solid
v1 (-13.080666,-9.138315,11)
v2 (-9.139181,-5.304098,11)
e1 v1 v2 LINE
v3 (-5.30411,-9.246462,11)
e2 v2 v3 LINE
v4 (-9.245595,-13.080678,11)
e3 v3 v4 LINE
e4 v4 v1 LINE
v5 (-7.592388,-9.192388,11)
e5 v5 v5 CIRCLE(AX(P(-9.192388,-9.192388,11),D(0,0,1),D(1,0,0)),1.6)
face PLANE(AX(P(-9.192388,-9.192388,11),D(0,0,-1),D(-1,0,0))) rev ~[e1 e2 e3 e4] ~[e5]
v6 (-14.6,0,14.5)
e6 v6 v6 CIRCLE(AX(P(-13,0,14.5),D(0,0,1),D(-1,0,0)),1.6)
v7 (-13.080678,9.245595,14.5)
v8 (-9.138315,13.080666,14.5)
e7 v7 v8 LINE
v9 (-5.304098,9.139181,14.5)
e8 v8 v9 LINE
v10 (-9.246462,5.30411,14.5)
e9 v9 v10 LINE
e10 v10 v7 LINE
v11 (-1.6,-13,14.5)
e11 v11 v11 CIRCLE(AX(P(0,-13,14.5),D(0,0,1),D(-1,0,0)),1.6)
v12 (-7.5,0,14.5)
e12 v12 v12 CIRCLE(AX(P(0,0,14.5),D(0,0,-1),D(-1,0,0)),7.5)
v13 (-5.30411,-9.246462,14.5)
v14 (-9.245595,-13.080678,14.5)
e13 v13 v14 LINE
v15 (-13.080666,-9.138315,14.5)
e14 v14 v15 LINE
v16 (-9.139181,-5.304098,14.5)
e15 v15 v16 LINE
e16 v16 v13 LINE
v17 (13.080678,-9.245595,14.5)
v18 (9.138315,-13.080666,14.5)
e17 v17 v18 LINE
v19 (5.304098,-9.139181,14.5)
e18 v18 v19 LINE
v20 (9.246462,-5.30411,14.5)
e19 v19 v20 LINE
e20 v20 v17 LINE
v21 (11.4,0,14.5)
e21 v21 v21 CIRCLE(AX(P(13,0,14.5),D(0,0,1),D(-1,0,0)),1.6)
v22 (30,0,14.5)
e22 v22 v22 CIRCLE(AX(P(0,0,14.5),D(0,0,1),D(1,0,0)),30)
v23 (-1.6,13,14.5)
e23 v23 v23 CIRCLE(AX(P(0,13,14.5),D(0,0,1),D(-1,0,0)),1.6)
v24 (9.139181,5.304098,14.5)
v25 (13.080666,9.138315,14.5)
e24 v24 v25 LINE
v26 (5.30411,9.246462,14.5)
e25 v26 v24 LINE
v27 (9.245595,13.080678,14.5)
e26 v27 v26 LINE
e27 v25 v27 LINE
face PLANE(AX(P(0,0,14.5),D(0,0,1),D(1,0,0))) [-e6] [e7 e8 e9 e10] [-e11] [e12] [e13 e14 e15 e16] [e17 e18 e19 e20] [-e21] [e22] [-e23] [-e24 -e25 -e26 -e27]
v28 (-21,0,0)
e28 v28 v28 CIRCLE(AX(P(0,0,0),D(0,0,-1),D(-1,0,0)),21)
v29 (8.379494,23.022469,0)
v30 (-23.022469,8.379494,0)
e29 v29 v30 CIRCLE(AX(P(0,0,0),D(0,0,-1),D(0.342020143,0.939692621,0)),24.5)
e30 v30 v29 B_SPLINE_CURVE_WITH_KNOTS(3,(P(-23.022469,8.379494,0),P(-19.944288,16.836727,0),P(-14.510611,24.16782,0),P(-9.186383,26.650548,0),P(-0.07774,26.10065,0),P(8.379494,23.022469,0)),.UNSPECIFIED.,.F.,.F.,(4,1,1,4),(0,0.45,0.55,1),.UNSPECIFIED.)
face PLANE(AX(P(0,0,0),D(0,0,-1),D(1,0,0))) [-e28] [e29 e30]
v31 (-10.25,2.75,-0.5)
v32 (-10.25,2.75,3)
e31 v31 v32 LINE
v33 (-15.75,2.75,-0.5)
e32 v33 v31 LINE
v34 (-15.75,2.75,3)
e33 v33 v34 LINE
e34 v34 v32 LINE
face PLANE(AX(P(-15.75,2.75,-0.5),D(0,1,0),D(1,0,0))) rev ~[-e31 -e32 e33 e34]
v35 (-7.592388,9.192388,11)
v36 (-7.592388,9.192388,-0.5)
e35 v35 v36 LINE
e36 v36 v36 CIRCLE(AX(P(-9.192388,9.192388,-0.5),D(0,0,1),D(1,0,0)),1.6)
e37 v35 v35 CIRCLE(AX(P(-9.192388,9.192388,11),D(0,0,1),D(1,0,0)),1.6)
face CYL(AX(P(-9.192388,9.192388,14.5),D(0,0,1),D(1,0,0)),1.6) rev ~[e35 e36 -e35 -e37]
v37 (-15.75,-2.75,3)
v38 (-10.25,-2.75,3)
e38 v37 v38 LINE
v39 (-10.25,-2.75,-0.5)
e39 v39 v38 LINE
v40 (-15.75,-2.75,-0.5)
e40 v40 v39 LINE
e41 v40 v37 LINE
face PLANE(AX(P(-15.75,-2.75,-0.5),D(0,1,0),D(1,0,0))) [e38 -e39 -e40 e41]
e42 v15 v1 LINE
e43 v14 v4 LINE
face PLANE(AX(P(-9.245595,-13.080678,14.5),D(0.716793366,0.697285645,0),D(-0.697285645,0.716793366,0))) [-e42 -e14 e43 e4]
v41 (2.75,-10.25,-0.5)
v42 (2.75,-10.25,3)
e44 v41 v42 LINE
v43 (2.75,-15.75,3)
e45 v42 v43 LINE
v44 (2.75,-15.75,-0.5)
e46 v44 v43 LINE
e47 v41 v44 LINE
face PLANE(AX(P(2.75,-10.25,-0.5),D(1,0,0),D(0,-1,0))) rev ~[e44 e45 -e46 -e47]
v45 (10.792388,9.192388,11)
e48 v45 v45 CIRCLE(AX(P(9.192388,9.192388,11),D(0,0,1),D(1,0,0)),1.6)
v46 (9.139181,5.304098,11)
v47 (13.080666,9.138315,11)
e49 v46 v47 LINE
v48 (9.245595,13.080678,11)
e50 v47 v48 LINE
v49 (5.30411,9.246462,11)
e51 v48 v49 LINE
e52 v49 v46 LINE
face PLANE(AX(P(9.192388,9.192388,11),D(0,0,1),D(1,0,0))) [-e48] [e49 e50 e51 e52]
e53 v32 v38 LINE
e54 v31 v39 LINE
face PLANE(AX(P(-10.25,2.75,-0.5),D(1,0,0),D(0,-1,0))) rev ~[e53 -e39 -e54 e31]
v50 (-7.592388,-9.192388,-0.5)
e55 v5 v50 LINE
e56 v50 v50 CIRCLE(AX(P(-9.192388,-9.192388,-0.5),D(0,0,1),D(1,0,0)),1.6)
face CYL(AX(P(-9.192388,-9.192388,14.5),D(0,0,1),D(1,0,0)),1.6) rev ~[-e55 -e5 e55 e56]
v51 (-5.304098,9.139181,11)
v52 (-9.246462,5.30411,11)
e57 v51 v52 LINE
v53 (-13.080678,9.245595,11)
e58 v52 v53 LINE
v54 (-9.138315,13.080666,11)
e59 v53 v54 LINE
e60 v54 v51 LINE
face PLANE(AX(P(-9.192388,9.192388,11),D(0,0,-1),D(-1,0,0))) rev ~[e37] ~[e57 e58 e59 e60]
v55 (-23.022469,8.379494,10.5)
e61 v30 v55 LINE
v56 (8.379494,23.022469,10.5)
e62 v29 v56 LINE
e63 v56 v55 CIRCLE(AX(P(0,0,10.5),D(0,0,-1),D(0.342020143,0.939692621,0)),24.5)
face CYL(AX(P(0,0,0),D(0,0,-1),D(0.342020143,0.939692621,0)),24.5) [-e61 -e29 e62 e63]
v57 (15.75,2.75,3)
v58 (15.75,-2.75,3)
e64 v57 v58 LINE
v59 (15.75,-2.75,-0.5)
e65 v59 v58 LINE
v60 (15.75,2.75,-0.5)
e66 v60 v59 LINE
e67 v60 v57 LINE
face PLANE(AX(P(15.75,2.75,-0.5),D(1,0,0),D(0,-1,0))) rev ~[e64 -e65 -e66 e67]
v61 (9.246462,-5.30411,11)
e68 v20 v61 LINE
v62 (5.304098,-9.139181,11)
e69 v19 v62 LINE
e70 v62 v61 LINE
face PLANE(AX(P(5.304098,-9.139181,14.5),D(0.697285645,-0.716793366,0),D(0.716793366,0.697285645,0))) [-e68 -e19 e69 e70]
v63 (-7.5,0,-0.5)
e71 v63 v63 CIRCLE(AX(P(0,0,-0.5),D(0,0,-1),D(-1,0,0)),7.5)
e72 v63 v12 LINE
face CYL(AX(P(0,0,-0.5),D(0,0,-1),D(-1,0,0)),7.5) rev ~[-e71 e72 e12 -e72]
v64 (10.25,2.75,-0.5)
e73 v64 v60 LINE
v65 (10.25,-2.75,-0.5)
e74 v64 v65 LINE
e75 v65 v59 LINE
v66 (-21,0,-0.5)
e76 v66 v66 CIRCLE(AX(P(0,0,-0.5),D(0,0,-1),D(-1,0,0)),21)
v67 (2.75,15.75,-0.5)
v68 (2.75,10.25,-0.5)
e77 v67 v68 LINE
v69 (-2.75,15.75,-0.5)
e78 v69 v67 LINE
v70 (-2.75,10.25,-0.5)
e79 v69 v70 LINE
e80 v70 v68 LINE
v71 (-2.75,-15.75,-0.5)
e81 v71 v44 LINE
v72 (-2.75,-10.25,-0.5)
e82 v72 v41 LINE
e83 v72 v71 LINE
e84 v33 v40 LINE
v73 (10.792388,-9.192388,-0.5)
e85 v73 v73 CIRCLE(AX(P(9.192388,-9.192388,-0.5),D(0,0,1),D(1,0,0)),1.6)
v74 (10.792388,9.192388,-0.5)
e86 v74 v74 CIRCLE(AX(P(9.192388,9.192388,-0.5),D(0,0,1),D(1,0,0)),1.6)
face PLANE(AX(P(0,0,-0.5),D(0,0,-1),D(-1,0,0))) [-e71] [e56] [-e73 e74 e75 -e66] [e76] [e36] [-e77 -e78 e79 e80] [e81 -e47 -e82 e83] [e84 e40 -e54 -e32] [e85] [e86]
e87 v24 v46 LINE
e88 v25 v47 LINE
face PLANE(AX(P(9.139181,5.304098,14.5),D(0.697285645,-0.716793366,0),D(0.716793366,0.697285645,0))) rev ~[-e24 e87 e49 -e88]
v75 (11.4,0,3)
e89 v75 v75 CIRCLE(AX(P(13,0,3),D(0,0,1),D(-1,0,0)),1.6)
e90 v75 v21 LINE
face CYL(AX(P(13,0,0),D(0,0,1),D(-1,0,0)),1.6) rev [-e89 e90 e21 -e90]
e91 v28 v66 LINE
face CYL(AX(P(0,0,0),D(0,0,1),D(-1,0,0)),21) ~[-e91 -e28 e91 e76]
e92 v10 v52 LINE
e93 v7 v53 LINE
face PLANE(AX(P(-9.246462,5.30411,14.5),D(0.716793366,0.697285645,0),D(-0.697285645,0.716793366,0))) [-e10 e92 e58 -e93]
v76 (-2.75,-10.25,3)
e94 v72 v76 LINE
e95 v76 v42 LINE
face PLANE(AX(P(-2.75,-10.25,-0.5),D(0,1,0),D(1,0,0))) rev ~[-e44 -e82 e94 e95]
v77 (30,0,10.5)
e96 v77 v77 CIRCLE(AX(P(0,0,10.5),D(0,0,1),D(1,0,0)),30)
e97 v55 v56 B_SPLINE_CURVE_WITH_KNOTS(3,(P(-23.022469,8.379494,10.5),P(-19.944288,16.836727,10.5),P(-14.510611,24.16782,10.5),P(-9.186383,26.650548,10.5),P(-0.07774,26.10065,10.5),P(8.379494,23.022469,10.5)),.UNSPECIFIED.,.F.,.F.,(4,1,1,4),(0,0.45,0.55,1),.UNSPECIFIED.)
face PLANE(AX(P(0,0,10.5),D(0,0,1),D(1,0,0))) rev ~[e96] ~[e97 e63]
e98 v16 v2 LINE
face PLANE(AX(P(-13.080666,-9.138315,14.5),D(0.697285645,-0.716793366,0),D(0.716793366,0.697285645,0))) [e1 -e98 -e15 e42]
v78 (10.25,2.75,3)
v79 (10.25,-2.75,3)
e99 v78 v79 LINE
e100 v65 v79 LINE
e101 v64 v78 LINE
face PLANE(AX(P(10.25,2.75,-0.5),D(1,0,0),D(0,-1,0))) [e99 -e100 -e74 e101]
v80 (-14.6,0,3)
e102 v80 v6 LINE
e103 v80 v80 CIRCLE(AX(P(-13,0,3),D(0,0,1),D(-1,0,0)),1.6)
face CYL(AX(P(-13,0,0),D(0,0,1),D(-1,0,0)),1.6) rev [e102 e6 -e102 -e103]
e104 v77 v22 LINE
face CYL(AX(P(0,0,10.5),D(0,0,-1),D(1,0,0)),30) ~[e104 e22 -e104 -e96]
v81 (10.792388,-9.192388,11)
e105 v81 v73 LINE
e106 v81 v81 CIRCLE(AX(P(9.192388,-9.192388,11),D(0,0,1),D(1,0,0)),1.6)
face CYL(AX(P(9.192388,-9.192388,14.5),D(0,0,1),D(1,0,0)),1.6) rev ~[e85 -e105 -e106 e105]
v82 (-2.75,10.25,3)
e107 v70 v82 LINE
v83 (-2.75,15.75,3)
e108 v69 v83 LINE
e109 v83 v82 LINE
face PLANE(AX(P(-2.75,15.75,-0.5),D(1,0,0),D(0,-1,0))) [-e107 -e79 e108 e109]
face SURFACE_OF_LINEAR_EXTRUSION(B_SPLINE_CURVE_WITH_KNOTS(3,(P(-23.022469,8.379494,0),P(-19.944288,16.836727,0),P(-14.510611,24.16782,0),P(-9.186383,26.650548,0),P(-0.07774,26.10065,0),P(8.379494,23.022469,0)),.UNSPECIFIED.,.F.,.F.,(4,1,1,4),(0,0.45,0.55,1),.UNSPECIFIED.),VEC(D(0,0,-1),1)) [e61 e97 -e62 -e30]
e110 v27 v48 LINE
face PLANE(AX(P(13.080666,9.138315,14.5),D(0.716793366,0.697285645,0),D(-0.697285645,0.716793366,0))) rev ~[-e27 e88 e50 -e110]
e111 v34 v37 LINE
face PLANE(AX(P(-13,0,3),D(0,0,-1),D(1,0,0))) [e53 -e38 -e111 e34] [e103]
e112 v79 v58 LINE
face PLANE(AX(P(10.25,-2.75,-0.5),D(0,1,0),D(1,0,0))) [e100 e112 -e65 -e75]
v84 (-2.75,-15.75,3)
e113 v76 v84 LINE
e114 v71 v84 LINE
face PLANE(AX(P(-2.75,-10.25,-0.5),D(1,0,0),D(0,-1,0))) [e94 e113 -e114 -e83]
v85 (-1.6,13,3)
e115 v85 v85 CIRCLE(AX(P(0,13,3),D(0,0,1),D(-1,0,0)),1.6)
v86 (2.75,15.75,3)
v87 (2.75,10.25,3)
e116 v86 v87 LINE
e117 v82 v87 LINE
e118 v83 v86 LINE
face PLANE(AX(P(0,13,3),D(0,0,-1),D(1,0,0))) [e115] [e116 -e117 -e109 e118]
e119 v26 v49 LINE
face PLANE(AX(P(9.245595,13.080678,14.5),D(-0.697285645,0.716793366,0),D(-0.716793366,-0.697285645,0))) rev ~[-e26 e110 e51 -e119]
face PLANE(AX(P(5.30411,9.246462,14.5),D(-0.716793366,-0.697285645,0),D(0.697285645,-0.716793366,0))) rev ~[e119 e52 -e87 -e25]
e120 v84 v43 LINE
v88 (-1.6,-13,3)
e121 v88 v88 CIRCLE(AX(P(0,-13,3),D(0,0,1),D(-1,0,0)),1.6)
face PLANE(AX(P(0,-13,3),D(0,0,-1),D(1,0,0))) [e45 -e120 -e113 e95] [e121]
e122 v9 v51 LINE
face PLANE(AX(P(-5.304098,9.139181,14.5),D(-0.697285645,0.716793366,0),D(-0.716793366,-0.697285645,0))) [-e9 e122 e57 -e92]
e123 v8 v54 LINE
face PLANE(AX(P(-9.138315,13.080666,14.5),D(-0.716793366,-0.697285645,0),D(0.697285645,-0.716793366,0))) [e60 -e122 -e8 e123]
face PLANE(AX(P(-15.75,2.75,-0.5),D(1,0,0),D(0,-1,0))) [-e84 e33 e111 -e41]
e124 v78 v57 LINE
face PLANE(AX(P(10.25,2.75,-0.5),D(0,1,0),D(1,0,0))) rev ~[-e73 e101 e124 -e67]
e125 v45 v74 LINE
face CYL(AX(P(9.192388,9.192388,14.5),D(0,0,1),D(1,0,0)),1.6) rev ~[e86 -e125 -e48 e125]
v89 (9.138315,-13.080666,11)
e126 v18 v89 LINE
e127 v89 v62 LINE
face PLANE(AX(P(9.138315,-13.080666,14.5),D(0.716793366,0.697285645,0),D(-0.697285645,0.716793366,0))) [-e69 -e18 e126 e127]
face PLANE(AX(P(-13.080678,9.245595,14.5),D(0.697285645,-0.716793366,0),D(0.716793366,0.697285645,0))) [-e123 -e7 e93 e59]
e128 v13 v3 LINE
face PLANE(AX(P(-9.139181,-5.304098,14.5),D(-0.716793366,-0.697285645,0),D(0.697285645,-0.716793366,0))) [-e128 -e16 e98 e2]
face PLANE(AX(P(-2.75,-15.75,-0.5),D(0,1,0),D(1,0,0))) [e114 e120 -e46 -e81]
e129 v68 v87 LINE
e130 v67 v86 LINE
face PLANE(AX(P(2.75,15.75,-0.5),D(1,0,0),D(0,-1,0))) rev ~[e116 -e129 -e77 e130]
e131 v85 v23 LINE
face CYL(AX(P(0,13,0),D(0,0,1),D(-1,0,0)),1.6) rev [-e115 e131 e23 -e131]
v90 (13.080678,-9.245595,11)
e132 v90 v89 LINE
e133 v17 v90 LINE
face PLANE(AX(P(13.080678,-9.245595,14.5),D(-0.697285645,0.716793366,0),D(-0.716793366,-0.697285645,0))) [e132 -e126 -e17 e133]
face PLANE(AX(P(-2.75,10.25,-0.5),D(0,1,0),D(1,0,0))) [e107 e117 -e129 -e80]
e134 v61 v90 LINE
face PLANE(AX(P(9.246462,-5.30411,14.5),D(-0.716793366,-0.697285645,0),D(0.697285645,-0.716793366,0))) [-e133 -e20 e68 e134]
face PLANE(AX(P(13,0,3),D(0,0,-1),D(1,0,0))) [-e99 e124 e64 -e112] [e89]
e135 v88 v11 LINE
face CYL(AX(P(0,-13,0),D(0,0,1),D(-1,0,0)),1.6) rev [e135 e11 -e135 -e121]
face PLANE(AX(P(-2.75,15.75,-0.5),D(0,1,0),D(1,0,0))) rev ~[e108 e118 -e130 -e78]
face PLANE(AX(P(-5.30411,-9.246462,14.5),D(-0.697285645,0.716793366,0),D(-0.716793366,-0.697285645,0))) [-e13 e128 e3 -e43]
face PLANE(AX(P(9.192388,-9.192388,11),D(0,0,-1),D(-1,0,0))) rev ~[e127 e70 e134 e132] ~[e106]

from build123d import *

# Parameters (mm, degrees)
SKETCH1_R           = 21
SKETCH1_R_2         = 2.85
SKETCH1_R_3         = 1.6
BOSS_EXTRUDE1_DEPTH = 10.5
SKETCH2_R           = 24.5
SKETCH2_R_2         = 21
BOSS_EXTRUDE3_DEPTH = 10.5
SKETCH4_R           = 30
SKETCH4_R_2         = 1.6
BOSS_EXTRUDE5_DEPTH = 4
SKETCH3_R           = 21
SKETCH3_R_2         = 1.6
BOSS_EXTRUDE4_DEPTH = 0.5
SKETCH6_W           = 5.5
SKETCH6_H           = 5.5
CUT_EXTRUDE2_DEPTH  = 3.5
SKETCH7_R           = 1.6
CUT_EXTRUDE3_DEPTH  = 46.000000133
SKETCH7_3_R         = 1.6
CUT_EXTRUDE4_DEPTH  = 3.5
SKETCH8_R           = 7.5
CUT_EXTRUDE5_DEPTH  = 46.000000133


with BuildPart() as part:
    # Sketch1 → Boss-Extrude1 (new body)
    with BuildSketch(Plane(origin=(0, 0, 0), x_dir=(0, 1, 0), z_dir=(0, 0, 1))):
        with Locations(Location((0, 0, 0), (0, 0, 90))):
            Circle(SKETCH1_R)
        with Locations((-13, 0)):
            Circle(SKETCH1_R_2, mode=Mode.SUBTRACT)
        with Locations((0, -13)):
            Circle(SKETCH1_R_2, mode=Mode.SUBTRACT)
        with Locations((13, 0)):
            Circle(SKETCH1_R_2, mode=Mode.SUBTRACT)
        with Locations((0, 13)):
            Circle(SKETCH1_R_2, mode=Mode.SUBTRACT)
        with Locations((-13, 0)):
            Circle(SKETCH1_R_2)
        with Locations(Location((-13, 0, 0), (0, 0, 90))):
            Circle(SKETCH1_R_3, mode=Mode.SUBTRACT)
        with Locations((0, 13)):
            Circle(SKETCH1_R_2)
        with Locations(Location((0, 13, 0), (0, 0, 90))):
            Circle(SKETCH1_R_3, mode=Mode.SUBTRACT)
        with Locations((13, 0)):
            Circle(SKETCH1_R_2)
        with Locations(Location((13, 0, 0), (0, 0, 90))):
            Circle(SKETCH1_R_3, mode=Mode.SUBTRACT)
        with Locations((0, -13)):
            Circle(SKETCH1_R_2)
        with Locations(Location((0, -13, 0), (0, 0, 90))):
            Circle(SKETCH1_R_3, mode=Mode.SUBTRACT)
    extrude(amount=BOSS_EXTRUDE1_DEPTH)

    # Sketch2 → Boss-Extrude3 (add)
    with BuildSketch(Plane(origin=(0, 0, 0), x_dir=(1, 0, 0), z_dir=(0, 0, -1))):
        Circle(SKETCH2_R)
        Circle(SKETCH2_R_2, mode=Mode.SUBTRACT)
        with BuildLine():
            ThreePointArc((8.379493511, -23.022469209), (-10.354147413, -22.204540782), (-23.022469209, -8.379493511))
            add(Edge.make_bspline(
                [(-23.022469209, -8.379493511), (-19.944287919, -16.836727099), (-14.510611155, -24.167819962), (-9.186383124, -26.650548266), (-0.077740076, -26.100650499), (8.379493511, -23.022469209)],
                knots=[0, 0, 0, 0, 0.45, 0.55, 1, 1, 1, 1], degree=3))
        make_face()
    extrude(amount=-BOSS_EXTRUDE3_DEPTH)

    # Sketch4 → Boss-Extrude5 (add)
    with BuildSketch(Plane.XY.offset(10.5)):
        Circle(SKETCH4_R)
        with Locations(Location((-13, 0, 0), (0, 0, 180))):
            Circle(SKETCH4_R_2, mode=Mode.SUBTRACT)
        with Locations(Location((0, 13, 0), (0, 0, 180))):
            Circle(SKETCH4_R_2, mode=Mode.SUBTRACT)
        with Locations(Location((13, 0, 0), (0, 0, 180))):
            Circle(SKETCH4_R_2, mode=Mode.SUBTRACT)
        with Locations(Location((0, -13, 0), (0, 0, 180))):
            Circle(SKETCH4_R_2, mode=Mode.SUBTRACT)
    extrude(amount=BOSS_EXTRUDE5_DEPTH)

    # Sketch3 → Boss-Extrude4 (add)
    with BuildSketch(Plane(origin=(0, 0, 0), x_dir=(1, 0, 0), z_dir=(0, 0, -1))):
        with Locations(Location((0, 0, 0), (0, 0, 180))):
            Circle(SKETCH3_R)
        with Locations(Location((-13, 0, 0), (0, 0, 180))):
            Circle(SKETCH3_R_2, mode=Mode.SUBTRACT)
        with Locations(Location((0, 13, 0), (0, 0, 180))):
            Circle(SKETCH3_R_2, mode=Mode.SUBTRACT)
        with Locations(Location((13, 0, 0), (0, 0, 180))):
            Circle(SKETCH3_R_2, mode=Mode.SUBTRACT)
        with Locations(Location((0, -13, 0), (0, 0, 180))):
            Circle(SKETCH3_R_2, mode=Mode.SUBTRACT)
    extrude(amount=BOSS_EXTRUDE4_DEPTH)

    # Sketch6 → Cut-Extrude2 (cut)
    with BuildSketch(Plane(origin=(0, 0, -0.5), x_dir=(1, 0, 0), z_dir=(0, 0, -1))):
        with Locations((13, 0)):
            Rectangle(SKETCH6_W, SKETCH6_H)
        with Locations((0, 13)):
            Rectangle(SKETCH6_W, SKETCH6_H)
        with Locations((0, -13)):
            Rectangle(SKETCH6_W, SKETCH6_H)
        with Locations((-13, 0)):
            Rectangle(SKETCH6_W, SKETCH6_H)
    extrude(amount=-CUT_EXTRUDE2_DEPTH, mode=Mode.SUBTRACT)

    # Sketch7 → Cut-Extrude3 (cut, through all)
    with BuildSketch(Plane.XY.offset(14.5)):
        with Locations((9.192388155, 9.192388155)):
            Circle(SKETCH7_R)
        with Locations((9.192388155, -9.192388155)):
            Circle(SKETCH7_R)
        with Locations((-9.192388155, -9.192388155)):
            Circle(SKETCH7_R)
        with Locations((-9.192388155, 9.192388155)):
            Circle(SKETCH7_R)
    extrude(amount=-CUT_EXTRUDE3_DEPTH, mode=Mode.SUBTRACT)

    # Sketch7<3> → Cut-Extrude4 (cut)
    with BuildSketch(Plane.XY.offset(14.5)):
        Polygon((9.245595054, 13.080678059), (5.304110209, 9.246461763), (9.139181257, 5.304098252), (13.080666102, 9.138314547), align=None)
        with Locations((9.192388155, 9.192388155)):
            Circle(SKETCH7_3_R, mode=Mode.SUBTRACT)
        Polygon((9.138314547, -13.080666102), (5.304098252, -9.139181257), (9.246461763, -5.304110209), (13.080678059, -9.245595054), align=None)
        with Locations((9.192388155, -9.192388155)):
            Circle(SKETCH7_3_R, mode=Mode.SUBTRACT)
        Polygon((-13.080666102, -9.138314547), (-9.139181257, -5.304098252), (-5.304110209, -9.246461763), (-9.245595054, -13.080678059), align=None)
        with Locations((-9.192388155, -9.192388155)):
            Circle(SKETCH7_3_R, mode=Mode.SUBTRACT)
        Polygon((-9.138314547, 13.080666102), (-5.304098252, 9.139181257), (-9.246461763, 5.304110209), (-13.080678059, 9.245595054), align=None)
        with Locations((-9.192388155, 9.192388155)):
            Circle(SKETCH7_3_R, mode=Mode.SUBTRACT)
    extrude(amount=-CUT_EXTRUDE4_DEPTH, mode=Mode.SUBTRACT)

    # Sketch8 → Cut-Extrude5 (cut, through all)
    with BuildSketch(Plane(origin=(0, 0, -0.5), x_dir=(1, 0, 0), z_dir=(0, 0, -1))):
        with Locations(Location((0, 0, 0), (0, 0, 180))):
            Circle(SKETCH8_R)
    extrude(amount=-CUT_EXTRUDE5_DEPTH, mode=Mode.SUBTRACT)


solid = part.part
